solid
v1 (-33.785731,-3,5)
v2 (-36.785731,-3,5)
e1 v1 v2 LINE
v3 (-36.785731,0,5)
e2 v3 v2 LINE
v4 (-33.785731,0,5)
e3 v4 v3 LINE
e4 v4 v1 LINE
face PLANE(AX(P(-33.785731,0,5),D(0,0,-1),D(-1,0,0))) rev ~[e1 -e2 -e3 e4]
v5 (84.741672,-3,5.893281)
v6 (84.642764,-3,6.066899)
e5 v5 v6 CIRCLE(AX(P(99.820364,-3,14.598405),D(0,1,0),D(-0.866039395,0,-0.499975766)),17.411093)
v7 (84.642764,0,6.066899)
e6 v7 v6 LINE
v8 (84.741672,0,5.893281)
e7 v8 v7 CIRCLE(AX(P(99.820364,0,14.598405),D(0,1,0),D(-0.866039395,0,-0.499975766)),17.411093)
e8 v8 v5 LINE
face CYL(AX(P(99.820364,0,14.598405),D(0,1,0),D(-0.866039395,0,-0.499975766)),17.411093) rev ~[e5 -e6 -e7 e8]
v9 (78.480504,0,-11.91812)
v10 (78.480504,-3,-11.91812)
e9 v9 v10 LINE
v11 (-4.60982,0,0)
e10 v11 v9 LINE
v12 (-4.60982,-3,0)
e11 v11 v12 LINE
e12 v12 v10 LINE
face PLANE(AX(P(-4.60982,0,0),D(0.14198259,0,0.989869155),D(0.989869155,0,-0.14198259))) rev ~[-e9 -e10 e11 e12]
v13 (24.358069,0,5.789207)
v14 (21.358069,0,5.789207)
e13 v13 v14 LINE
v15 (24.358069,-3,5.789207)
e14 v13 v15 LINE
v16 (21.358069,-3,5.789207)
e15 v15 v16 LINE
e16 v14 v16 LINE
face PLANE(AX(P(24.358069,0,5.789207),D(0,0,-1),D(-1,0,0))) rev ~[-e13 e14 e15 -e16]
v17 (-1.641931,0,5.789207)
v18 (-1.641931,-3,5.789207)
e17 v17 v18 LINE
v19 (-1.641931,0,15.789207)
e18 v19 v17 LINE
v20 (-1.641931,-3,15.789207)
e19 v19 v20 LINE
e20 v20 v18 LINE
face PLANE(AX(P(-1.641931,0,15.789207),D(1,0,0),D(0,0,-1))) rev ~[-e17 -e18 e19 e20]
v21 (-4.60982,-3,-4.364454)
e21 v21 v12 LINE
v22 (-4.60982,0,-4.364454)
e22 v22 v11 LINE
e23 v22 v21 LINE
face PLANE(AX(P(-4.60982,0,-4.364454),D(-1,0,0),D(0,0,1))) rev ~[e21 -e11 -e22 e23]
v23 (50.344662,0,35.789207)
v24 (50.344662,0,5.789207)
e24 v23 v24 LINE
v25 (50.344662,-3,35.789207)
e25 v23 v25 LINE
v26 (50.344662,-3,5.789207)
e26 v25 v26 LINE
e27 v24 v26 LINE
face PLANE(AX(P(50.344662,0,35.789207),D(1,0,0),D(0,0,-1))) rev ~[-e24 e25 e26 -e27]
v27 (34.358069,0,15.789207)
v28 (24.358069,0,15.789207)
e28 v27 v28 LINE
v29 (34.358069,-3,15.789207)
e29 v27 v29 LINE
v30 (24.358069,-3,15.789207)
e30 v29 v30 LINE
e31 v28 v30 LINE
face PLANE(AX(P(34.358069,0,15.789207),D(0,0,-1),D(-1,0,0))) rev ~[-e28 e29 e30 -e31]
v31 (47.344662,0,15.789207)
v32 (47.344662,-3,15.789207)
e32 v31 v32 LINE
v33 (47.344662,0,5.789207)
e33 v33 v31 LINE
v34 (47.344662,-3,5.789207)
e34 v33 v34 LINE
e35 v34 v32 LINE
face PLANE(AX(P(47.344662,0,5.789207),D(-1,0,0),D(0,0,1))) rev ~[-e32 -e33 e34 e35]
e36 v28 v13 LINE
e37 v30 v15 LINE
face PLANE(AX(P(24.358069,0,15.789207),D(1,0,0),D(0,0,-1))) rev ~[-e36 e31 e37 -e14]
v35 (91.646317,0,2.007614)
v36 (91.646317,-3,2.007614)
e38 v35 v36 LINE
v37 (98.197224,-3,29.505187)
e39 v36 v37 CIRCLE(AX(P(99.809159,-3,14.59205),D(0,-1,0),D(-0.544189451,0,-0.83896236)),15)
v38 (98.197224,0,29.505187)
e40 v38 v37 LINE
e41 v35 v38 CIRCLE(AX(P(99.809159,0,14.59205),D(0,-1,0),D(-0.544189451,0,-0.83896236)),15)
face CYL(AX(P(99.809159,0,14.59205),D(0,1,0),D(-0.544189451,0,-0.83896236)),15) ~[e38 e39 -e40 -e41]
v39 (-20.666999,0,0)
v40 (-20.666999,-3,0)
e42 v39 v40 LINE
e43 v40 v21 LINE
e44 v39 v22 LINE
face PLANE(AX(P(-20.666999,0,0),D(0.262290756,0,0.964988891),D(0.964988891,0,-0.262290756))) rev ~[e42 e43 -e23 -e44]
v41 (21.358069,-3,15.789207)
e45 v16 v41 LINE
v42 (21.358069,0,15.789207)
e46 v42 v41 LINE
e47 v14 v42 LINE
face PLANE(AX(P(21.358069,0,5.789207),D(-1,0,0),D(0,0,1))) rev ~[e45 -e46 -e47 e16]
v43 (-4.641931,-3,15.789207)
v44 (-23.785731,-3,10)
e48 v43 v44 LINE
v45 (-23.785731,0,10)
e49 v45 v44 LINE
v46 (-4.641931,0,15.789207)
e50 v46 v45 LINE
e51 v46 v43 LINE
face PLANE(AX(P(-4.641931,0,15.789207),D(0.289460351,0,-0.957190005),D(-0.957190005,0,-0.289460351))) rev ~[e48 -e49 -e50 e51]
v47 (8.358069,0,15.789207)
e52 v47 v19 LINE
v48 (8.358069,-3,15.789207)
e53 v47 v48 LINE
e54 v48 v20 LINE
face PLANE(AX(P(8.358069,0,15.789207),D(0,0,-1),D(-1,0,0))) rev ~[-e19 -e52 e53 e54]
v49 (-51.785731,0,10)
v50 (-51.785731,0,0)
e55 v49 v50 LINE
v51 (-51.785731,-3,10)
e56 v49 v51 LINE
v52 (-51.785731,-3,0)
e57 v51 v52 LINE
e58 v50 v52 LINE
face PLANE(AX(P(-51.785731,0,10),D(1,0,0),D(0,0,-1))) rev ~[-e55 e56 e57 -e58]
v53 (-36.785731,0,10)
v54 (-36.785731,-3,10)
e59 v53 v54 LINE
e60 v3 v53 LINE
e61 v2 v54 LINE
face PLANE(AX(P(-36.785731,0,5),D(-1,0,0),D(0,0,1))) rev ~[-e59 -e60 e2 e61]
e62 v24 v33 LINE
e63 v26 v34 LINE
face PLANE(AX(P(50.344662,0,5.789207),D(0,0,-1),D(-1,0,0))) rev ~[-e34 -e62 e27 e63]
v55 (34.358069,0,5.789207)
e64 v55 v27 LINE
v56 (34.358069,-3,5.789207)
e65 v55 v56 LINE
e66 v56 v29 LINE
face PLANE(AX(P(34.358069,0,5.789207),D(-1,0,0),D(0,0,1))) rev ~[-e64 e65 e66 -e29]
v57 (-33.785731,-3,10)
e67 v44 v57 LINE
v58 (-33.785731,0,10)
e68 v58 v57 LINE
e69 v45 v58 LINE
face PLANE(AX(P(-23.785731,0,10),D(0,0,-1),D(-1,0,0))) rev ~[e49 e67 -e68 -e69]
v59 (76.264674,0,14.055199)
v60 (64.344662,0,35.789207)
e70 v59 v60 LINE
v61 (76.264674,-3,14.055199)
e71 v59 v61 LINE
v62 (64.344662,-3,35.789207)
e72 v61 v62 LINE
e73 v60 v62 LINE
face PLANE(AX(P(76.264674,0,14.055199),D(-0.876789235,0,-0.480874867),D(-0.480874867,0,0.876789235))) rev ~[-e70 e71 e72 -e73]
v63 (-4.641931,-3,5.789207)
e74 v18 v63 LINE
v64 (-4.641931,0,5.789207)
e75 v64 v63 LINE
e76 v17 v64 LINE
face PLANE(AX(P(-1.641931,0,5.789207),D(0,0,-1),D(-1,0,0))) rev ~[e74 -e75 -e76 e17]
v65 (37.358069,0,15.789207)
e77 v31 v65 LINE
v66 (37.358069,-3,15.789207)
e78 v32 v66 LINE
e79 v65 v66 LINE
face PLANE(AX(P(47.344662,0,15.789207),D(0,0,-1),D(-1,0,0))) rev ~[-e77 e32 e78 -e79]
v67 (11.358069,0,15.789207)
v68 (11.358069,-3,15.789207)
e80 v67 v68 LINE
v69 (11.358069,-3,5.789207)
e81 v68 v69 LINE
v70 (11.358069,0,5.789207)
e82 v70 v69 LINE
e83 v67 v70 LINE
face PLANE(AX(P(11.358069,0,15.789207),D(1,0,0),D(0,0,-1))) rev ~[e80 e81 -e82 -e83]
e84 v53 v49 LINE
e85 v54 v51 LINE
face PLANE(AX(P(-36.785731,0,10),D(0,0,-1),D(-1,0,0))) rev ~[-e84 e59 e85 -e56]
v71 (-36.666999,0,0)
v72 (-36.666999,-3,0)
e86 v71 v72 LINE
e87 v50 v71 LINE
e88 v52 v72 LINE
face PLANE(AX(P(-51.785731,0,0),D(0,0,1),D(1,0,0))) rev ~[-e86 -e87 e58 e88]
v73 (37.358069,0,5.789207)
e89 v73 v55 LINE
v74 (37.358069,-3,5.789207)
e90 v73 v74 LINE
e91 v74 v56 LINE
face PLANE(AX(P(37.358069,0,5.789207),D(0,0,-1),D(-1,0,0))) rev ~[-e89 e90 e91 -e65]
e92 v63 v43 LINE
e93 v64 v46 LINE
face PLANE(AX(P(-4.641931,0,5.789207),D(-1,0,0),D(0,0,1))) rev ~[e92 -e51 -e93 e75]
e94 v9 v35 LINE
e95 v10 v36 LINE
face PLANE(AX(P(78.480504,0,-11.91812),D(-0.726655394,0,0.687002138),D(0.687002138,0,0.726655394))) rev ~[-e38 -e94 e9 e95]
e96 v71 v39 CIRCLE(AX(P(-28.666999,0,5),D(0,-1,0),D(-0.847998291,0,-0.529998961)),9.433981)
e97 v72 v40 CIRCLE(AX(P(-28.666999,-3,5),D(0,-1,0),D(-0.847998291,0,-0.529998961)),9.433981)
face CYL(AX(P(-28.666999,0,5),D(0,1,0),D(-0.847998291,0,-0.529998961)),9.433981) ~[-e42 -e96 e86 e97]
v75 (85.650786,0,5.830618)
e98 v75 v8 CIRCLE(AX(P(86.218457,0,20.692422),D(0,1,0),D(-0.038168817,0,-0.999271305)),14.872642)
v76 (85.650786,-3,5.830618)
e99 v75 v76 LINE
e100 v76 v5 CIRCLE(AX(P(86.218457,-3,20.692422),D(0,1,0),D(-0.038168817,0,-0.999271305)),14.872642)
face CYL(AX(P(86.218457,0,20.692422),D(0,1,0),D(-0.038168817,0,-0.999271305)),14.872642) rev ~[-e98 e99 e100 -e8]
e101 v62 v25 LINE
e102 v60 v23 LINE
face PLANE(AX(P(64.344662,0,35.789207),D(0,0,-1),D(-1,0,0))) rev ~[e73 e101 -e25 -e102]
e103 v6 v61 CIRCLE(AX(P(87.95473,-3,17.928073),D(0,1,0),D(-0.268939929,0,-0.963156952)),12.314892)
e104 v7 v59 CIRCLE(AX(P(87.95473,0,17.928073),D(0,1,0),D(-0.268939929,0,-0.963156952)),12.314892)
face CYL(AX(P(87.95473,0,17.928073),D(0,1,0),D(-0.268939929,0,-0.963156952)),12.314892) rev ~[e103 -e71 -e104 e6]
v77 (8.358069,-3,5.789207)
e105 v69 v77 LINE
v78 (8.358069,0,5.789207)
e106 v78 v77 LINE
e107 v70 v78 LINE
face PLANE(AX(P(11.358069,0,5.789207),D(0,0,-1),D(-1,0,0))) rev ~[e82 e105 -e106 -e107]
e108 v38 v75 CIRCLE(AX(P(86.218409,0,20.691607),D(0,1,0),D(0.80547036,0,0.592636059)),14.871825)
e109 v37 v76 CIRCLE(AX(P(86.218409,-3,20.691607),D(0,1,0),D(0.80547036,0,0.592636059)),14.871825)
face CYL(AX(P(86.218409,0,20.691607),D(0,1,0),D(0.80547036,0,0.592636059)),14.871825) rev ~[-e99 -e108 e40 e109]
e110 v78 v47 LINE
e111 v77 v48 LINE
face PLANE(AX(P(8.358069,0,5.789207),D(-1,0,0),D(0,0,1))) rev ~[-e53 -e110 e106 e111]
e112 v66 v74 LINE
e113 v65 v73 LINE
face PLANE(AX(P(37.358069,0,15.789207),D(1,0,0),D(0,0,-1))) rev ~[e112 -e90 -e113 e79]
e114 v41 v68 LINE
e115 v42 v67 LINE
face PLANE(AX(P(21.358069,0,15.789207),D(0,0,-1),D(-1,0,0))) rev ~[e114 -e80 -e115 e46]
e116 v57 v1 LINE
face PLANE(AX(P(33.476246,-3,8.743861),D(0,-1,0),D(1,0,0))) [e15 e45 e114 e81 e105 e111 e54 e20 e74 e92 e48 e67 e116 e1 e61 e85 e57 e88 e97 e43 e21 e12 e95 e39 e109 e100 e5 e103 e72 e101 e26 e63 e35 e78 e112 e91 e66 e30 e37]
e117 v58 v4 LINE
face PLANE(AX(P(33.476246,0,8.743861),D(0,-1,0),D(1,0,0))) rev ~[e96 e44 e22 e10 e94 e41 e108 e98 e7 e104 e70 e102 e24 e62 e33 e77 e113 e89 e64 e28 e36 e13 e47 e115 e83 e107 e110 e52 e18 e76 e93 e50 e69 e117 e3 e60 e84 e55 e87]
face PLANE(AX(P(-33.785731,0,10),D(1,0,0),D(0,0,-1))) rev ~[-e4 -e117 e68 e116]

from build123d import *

# Parameters (mm, degrees)
F1_DEPTH = 3


with BuildPart() as f1:
    # F0 (on Front) → F1 (new body)
    with BuildSketch(Plane.XZ):
        with BuildLine():
            Line((-36.785731, 10), (-51.785731, 10))
            Line((-51.785731, 10), (-51.785731, 0))
            Line((-51.785731, 0), (-36.785731, 0))
            Line((-36.785731, 0), (-36.666999, 0))
            ThreePointArc((-36.666999, 0), (-28.666999, -4.433981), (-20.666999, 0))
            Line((-20.666999, 0), (-4.60982, -4.364454))
            Line((-4.60982, -4.364454), (-4.60982, 0))
            Line((-4.60982, 0), (78.480504, -11.91812))
            Line((78.480504, -11.91812), (91.646317, 2.007614))
            ThreePointArc((91.646317, 2.007614), (114.40079, 11.115801), (98.197224, 29.505187))
            ThreePointArc((98.197224, 29.505187), (99.359, 13.727695), (85.650786, 5.830618))
            ThreePointArc((85.650786, 5.830618), (85.195749, 5.854985), (84.741672, 5.893281))
            ThreePointArc((84.741672, 5.893281), (84.691969, 5.979948), (84.642764, 6.066899))
            ThreePointArc((84.642764, 6.066899), (79.456589, 9.015264), (76.264674, 14.055199))
            Line((76.264674, 14.055199), (64.344662, 35.789207))
            Line((64.344662, 35.789207), (50.344662, 35.789207))
            Line((50.344662, 35.789207), (50.344662, 5.789207))
            Line((50.344662, 5.789207), (47.344662, 5.789207))
            Line((47.344662, 5.789207), (47.344662, 15.789207))
            Line((47.344662, 15.789207), (37.358069, 15.789207))
            Line((37.358069, 15.789207), (37.358069, 5.789207))
            Line((37.358069, 5.789207), (34.358069, 5.789207))
            Line((34.358069, 5.789207), (34.358069, 15.789207))
            Line((34.358069, 15.789207), (24.358069, 15.789207))
            Line((24.358069, 15.789207), (24.358069, 5.789207))
            Line((24.358069, 5.789207), (21.358069, 5.789207))
            Line((21.358069, 5.789207), (21.358069, 15.789207))
            Line((21.358069, 15.789207), (11.358069, 15.789207))
            Line((11.358069, 15.789207), (11.358069, 5.789207))
            Line((11.358069, 5.789207), (8.358069, 5.789207))
            Line((8.358069, 5.789207), (8.358069, 15.789207))
            Line((8.358069, 15.789207), (-1.641931, 15.789207))
            Line((-1.641931, 15.789207), (-1.641931, 5.789207))
            Line((-1.641931, 5.789207), (-4.641931, 5.789207))
            Line((-4.641931, 5.789207), (-4.641931, 15.789207))
            Line((-4.641931, 15.789207), (-23.785731, 10))
            Line((-23.785731, 10), (-33.785731, 10))
            Line((-33.785731, 10), (-33.785731, 5))
            Line((-33.785731, 5), (-36.785731, 5))
            Line((-36.785731, 5), (-36.785731, 10))
        make_face()
    extrude(amount=F1_DEPTH)


solid = f1.part
